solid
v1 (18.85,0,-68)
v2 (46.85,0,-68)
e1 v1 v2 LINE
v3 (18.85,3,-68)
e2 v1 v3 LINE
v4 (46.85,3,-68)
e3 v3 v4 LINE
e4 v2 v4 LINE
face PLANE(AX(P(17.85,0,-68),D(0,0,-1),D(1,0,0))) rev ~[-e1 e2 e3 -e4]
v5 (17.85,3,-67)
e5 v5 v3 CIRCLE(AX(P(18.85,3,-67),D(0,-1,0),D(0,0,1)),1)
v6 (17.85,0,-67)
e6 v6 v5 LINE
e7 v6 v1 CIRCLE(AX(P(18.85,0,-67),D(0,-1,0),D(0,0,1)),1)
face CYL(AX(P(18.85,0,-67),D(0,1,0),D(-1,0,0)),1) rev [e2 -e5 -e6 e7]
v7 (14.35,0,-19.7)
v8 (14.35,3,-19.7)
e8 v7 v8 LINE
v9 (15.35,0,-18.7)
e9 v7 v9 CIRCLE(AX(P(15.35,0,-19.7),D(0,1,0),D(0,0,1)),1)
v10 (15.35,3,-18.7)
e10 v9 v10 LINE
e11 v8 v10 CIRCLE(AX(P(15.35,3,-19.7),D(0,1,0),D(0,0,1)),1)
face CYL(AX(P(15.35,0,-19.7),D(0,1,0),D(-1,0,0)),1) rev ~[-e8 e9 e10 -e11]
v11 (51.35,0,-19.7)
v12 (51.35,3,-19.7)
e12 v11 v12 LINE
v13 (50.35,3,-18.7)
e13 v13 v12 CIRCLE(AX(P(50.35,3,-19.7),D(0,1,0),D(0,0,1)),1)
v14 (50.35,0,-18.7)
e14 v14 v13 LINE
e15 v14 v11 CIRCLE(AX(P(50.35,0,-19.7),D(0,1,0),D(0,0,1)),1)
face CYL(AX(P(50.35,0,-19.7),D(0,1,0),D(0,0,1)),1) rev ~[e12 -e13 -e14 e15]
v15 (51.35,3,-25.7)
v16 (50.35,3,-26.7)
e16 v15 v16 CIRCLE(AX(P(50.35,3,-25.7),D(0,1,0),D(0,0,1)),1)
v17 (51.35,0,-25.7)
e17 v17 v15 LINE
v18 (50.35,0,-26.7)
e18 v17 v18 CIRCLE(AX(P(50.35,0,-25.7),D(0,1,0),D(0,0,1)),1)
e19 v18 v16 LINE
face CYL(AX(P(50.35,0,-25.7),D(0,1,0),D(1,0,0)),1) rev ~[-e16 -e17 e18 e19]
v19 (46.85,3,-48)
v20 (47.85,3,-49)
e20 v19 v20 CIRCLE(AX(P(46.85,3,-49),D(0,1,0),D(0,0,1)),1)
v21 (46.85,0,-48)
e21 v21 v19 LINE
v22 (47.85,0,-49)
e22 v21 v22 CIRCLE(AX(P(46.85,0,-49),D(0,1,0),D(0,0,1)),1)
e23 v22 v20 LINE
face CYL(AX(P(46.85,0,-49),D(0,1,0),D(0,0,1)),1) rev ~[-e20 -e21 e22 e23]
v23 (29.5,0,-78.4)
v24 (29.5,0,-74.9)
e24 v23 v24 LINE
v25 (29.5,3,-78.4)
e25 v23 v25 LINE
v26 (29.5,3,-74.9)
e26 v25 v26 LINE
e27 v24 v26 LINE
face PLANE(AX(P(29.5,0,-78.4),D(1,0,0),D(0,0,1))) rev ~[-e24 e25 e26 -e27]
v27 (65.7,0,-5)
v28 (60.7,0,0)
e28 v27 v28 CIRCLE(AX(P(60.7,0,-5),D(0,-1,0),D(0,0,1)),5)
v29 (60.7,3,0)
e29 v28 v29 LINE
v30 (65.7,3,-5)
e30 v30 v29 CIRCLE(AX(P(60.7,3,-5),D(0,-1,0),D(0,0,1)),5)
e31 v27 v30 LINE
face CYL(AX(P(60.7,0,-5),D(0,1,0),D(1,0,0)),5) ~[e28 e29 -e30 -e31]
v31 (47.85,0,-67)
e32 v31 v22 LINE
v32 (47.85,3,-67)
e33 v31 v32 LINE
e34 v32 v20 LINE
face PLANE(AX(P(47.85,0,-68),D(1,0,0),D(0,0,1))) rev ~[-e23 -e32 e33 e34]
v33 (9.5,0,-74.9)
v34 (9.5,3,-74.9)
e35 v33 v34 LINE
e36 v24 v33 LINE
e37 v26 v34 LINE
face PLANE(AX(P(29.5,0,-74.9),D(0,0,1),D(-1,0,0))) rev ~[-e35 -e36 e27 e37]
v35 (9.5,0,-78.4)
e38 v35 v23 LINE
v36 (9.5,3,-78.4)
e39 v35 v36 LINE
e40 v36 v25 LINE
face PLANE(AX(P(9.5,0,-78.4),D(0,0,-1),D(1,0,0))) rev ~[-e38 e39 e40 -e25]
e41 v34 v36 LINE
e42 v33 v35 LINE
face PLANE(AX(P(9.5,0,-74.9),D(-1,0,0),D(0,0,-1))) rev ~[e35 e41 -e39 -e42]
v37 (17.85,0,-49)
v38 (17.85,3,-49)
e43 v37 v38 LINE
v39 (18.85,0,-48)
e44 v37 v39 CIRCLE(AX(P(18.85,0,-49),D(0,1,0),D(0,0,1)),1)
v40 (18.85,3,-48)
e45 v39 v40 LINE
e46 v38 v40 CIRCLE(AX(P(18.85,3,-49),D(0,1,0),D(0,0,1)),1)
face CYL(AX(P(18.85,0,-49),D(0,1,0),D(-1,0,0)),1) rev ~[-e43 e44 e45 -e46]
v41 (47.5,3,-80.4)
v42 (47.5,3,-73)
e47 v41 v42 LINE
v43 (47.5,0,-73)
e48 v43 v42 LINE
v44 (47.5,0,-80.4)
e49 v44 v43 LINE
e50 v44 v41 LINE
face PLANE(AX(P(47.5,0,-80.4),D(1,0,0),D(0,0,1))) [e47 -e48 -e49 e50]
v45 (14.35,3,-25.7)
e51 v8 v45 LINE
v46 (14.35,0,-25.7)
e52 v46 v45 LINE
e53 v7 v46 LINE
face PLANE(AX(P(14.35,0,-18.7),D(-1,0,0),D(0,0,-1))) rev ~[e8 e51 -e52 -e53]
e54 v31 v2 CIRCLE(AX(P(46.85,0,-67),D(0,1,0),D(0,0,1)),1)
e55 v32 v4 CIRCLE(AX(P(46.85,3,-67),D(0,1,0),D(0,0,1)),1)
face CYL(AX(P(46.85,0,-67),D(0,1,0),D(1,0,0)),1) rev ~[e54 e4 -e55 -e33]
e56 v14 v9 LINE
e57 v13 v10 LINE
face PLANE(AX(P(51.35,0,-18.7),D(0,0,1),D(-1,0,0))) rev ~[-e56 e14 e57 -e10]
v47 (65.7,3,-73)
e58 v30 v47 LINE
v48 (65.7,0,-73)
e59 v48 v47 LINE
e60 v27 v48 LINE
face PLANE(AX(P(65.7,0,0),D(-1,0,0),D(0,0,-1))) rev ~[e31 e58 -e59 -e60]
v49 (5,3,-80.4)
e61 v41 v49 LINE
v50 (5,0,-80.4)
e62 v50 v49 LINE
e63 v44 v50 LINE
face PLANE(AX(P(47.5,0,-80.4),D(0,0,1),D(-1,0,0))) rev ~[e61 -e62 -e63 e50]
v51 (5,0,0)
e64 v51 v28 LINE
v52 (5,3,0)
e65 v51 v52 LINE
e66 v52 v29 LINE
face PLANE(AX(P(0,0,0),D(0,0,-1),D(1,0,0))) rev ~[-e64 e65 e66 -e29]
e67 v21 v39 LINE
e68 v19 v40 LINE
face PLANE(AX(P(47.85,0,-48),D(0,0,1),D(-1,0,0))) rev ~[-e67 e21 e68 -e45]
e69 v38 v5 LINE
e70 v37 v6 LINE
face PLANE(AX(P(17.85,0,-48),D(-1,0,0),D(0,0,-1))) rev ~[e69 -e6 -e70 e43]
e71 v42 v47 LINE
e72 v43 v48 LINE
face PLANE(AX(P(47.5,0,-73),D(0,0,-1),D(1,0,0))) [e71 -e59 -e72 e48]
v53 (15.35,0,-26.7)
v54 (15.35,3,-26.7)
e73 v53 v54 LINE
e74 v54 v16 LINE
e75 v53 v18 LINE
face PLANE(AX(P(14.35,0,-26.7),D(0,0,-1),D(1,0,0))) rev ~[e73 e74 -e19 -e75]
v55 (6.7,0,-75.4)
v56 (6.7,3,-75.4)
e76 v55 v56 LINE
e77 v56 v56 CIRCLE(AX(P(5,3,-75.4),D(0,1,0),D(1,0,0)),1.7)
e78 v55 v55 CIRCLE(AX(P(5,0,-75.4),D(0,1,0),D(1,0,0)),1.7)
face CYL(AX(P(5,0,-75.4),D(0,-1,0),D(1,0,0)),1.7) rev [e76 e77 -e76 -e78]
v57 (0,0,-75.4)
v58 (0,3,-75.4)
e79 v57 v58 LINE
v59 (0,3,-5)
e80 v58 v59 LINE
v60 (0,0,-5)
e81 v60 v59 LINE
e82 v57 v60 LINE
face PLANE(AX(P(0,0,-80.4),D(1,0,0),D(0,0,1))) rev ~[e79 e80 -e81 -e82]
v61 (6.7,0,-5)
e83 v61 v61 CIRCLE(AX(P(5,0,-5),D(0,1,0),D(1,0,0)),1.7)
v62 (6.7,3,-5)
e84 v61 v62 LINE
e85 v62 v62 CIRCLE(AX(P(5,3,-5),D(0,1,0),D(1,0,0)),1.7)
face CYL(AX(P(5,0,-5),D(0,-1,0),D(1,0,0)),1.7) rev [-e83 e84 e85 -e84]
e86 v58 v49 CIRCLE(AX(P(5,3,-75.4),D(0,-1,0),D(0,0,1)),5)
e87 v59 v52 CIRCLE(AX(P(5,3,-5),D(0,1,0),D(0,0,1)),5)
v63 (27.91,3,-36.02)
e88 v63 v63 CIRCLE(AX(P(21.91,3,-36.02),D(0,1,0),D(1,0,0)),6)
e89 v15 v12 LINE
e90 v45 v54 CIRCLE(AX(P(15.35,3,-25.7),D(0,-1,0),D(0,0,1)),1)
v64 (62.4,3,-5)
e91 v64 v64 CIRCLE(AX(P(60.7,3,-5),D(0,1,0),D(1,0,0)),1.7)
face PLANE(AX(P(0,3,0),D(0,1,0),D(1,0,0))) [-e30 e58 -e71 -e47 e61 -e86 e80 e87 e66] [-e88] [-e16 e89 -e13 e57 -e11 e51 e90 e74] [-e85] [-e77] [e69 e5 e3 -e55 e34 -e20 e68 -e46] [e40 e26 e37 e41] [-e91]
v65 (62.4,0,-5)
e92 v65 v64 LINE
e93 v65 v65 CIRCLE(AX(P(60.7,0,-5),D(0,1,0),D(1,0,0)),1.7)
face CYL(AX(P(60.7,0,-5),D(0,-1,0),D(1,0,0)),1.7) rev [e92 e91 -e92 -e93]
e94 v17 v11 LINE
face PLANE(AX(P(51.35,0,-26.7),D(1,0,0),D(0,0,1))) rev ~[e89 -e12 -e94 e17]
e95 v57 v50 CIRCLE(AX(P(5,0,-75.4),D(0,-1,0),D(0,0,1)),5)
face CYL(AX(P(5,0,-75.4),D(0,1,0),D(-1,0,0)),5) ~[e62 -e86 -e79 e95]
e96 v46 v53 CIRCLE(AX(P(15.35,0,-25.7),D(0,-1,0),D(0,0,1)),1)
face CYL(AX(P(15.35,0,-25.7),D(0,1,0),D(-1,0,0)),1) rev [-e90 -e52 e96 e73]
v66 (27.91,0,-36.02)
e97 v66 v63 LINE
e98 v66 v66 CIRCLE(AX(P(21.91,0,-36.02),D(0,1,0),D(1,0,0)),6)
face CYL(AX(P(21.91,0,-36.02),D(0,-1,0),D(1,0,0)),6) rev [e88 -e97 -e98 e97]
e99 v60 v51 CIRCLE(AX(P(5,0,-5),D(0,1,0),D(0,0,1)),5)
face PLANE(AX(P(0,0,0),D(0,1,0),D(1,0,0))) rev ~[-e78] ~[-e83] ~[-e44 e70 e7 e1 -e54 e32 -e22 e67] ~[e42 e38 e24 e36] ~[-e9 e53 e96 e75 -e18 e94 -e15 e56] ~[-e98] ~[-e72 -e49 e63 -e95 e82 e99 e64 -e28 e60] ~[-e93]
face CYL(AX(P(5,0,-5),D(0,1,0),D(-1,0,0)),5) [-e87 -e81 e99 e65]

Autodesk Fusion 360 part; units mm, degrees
sketch "Sketch1" plane through (0, 0, 0) normal (0, 1, 0) x (1, 0, 0)
  line L0 (0, 0) -> (65.7, 0)
  line L1 (65.7, 0) -> (65.7, 80.4)
  line L2 (65.7, 80.4) -> (0, 80.4)
  line L3 (0, 80.4) -> (0, 0)
  circle A0 centre (5, 5) radius 1.7
  circle A1 centre (60.7, 5) radius 1.7
  circle A2 centre (5, 75.4) radius 1.7
  line L4 (65.7, 80.4) -> (47.5, 80.4)
  line L5 (47.5, 80.4) -> (47.5, 73)
  line L6 (47.5, 73) -> (65.7, 73)
  line L7 (65.7, 73) -> (65.7, 80.4)
  line L8 (9.5, 78.4) -> (29.5, 78.4)
  line L9 (29.5, 78.4) -> (29.5, 74.9)
  line L10 (29.5, 74.9) -> (9.5, 74.9)
  line L11 (9.5, 74.9) -> (9.5, 78.4)
  line L12 (14.35, 26.7) -> (51.35, 26.7)
  line L13 (51.35, 26.7) -> (51.35, 18.7)
  line L14 (51.35, 18.7) -> (14.35, 18.7)
  line L15 (14.35, 18.7) -> (14.35, 26.7)
  line L16 (17.85, 68) -> (47.85, 68)
  line L17 (47.85, 68) -> (47.85, 48)
  line L18 (47.85, 48) -> (17.85, 48)
  line L19 (17.85, 48) -> (17.85, 68)
  circle A3 centre (21.91, 36.02) radius 6
  dimension "d1" = 65.7
  dimension "d2" = 80.4
  dimension "d3" = 3.4
  dimension "d4" = 5
  dimension "d5" = 5
  dimension "d7" = 3.4
  dimension "d8" = 5
  dimension "d9" = 5
  dimension "d11" = 3.4
  dimension "d12" = 5
  dimension "d13" = 5
  dimension "d15" = 18.2
  dimension "d16" = 7.4
  dimension "d17" = 20
  dimension "d18" = 3.5
  dimension "d19" = 2
  dimension "d20" = 9.5
  dimension "d27" = 37
  dimension "d28" = 8
  dimension "d30" = 30
  dimension "d31" = 20
  dimension "d34" = 12
  dimension "d36" = 9.32
  dimension "d43" = 17.85
extrude "Extrude1" add sketch "Sketch1" along normal blind 3 contours L0 L1 L2 L3 L5 L6
fillet "Fillet1" radius 5 3 edges at (65.7, 1.5, 0) (0, 1.5, 0) (0, 1.5, -80.4)
fillet "Fillet2" radius 1 8 edges at (17.85, 1.5, -68) (14.35, 1.5, -26.7) (47.85, 1.5, -68) (51.35, 1.5, -26.7) (51.35, 1.5, -18.7) (47.85, 1.5, -48) (17.85, 1.5, -48) (14.35, 1.5, -18.7)
